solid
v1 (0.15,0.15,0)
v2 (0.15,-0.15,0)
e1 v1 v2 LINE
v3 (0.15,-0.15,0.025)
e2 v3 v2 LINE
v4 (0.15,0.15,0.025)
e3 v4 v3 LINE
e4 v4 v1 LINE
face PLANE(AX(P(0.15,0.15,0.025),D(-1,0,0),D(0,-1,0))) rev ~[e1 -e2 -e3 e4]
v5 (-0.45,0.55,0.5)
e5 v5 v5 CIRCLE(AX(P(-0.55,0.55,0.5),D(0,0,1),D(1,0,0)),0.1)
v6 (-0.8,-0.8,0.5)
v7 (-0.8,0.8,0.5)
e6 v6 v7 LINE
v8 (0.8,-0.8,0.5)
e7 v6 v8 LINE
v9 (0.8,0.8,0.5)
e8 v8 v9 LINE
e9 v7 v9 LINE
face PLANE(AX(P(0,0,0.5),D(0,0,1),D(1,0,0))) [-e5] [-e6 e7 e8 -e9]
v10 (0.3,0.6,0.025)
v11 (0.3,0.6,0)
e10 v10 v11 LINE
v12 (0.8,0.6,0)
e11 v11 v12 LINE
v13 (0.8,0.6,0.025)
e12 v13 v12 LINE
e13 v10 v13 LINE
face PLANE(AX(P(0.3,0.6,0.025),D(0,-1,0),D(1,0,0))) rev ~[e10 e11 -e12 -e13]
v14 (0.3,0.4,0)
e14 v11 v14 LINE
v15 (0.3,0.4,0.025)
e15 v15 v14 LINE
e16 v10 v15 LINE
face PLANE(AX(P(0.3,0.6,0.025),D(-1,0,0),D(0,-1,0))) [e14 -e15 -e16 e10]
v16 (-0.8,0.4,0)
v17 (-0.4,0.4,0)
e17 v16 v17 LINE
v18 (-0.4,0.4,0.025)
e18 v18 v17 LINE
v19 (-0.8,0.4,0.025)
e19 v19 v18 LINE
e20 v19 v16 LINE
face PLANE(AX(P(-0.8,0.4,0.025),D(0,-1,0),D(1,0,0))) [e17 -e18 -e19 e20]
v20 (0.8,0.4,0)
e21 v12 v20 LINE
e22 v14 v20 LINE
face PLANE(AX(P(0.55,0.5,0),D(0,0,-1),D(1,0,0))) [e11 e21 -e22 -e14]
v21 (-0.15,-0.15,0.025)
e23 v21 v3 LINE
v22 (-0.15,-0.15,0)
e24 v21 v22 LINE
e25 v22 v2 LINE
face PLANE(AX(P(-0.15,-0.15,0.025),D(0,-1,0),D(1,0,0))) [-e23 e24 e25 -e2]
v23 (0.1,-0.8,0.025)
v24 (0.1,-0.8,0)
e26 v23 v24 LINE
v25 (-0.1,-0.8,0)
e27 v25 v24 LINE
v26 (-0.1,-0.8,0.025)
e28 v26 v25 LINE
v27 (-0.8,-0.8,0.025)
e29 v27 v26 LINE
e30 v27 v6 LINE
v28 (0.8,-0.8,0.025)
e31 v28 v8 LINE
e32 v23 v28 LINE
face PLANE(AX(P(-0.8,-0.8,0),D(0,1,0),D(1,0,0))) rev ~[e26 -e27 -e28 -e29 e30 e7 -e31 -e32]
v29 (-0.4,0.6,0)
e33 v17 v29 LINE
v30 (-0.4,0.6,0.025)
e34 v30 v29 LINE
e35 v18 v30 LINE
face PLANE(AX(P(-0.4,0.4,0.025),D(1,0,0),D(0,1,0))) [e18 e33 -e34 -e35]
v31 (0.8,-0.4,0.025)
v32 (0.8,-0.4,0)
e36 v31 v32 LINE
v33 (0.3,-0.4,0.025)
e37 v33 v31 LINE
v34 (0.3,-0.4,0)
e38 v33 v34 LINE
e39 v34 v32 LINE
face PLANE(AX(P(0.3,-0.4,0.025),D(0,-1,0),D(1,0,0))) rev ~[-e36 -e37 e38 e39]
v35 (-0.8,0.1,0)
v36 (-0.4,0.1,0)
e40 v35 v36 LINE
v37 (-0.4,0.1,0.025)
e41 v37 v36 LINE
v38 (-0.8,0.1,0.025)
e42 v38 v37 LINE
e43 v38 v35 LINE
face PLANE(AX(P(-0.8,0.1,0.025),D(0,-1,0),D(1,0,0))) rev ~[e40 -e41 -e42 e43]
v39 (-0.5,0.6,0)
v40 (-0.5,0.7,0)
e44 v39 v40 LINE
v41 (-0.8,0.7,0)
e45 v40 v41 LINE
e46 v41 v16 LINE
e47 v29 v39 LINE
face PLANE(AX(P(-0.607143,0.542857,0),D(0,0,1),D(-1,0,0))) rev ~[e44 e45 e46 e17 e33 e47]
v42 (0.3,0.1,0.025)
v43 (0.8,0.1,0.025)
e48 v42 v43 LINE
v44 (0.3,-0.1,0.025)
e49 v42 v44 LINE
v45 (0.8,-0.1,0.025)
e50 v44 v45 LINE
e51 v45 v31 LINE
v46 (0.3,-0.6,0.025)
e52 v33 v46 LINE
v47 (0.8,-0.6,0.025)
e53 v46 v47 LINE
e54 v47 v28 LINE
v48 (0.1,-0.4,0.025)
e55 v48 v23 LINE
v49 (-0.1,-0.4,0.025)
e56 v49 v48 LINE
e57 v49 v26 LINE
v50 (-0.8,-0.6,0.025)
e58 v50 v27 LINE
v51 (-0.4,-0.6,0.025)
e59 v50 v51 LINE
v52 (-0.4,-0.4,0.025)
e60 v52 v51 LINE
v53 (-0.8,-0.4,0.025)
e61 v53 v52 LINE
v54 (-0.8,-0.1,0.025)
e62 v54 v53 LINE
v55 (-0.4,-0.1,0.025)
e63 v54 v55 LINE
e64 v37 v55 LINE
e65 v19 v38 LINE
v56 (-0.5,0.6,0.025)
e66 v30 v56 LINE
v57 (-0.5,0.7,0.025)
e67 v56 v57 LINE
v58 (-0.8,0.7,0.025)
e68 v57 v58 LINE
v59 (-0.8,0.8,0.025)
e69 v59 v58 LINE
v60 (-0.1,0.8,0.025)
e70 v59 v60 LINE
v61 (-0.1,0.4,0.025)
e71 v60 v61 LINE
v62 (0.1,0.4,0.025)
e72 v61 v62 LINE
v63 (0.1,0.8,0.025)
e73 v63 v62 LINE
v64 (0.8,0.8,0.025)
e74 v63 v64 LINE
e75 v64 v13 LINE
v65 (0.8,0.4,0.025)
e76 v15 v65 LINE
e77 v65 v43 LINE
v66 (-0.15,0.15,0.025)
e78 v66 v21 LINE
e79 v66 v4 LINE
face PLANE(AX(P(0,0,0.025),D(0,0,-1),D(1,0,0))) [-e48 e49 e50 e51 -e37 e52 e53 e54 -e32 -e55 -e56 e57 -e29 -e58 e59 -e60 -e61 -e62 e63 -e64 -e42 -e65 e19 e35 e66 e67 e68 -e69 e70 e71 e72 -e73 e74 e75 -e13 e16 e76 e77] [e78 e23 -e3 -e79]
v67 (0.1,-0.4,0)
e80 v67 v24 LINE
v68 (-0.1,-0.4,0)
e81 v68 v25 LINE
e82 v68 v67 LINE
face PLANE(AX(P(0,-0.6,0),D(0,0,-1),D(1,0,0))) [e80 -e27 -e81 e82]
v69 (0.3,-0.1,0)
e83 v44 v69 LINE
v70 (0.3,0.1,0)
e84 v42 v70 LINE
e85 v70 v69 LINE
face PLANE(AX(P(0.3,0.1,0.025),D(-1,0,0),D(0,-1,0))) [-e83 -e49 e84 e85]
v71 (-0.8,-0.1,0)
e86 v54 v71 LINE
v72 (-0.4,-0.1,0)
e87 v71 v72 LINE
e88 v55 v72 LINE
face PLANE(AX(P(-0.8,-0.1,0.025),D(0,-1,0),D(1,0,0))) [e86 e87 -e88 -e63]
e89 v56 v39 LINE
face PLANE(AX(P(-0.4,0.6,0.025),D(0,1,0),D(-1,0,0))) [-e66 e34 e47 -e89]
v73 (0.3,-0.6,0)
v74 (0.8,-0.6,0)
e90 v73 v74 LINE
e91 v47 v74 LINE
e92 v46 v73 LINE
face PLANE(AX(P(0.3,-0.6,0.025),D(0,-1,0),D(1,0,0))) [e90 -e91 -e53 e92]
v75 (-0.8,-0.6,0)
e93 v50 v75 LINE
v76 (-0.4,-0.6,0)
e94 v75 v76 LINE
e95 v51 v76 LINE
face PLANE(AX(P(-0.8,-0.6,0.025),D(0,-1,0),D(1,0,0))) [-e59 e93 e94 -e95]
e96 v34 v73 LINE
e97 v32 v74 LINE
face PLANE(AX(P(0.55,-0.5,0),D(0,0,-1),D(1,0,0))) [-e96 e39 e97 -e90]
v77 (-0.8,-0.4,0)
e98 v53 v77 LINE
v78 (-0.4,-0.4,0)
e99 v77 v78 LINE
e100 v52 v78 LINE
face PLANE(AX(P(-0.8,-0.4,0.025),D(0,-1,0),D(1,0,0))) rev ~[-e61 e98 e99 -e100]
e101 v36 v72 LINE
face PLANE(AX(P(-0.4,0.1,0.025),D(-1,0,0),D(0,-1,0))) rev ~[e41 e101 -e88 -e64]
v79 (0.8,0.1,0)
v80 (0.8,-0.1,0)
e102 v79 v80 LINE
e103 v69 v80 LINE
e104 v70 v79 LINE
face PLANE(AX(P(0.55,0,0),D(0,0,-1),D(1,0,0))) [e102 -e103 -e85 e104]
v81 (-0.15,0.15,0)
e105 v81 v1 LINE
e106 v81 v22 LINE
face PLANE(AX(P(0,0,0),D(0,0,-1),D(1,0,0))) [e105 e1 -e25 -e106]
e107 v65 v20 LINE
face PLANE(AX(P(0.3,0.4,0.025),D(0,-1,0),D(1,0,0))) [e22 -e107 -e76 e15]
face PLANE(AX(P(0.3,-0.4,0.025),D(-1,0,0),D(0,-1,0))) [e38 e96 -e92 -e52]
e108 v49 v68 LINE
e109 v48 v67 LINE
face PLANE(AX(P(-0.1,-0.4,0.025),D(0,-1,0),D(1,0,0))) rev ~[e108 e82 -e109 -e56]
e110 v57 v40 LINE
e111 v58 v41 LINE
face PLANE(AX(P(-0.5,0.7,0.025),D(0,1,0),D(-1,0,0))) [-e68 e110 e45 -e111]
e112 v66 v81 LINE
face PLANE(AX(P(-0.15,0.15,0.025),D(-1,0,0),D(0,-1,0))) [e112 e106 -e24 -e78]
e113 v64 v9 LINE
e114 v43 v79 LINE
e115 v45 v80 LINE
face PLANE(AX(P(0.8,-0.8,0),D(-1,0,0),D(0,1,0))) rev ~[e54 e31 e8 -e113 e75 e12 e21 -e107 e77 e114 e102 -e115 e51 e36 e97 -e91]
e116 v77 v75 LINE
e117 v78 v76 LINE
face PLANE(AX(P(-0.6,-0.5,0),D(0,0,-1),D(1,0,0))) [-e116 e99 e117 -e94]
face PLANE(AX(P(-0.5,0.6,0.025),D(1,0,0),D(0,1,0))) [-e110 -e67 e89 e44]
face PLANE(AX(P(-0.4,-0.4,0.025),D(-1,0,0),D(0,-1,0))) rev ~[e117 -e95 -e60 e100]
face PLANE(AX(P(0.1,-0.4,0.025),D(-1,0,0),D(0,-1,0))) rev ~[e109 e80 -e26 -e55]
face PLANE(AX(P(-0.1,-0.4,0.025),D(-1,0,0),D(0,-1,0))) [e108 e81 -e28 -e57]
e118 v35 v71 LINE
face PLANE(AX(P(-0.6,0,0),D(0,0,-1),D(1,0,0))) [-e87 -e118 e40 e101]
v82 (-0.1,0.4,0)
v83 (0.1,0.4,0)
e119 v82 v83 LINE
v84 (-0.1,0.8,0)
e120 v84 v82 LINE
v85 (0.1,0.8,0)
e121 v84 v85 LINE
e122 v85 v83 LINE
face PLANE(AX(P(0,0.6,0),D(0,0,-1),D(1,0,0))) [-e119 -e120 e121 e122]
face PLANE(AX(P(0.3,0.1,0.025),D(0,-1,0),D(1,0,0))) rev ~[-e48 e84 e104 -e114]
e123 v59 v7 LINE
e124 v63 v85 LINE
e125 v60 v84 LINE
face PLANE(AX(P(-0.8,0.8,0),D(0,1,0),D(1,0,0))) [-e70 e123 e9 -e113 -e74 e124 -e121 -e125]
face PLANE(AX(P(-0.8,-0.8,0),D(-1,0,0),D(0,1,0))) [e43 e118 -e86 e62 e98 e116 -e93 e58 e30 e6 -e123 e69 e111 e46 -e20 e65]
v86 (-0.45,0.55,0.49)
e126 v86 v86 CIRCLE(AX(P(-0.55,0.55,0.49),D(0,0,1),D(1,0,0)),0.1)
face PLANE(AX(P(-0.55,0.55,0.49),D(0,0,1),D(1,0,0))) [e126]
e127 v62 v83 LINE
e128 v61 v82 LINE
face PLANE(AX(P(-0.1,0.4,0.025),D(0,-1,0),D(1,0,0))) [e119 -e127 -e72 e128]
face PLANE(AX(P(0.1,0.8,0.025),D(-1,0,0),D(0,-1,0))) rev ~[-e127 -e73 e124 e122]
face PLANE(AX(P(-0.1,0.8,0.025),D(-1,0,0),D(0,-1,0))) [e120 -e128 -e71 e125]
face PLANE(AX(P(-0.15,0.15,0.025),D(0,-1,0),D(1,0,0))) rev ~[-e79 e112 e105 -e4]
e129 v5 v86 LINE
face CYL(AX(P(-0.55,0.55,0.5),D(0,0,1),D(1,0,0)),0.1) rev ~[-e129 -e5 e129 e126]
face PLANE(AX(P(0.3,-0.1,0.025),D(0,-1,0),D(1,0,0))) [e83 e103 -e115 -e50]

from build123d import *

# Parameters (mm, degrees)
SKETCH_W        = 1.6
SKETCH_H        = 1.6
PAD_DEPTH       = 0.5
SKETCH001_W     = 1.6
SKETCH001_H     = 1.6
POCKET_DEPTH    = 0.025
SKETCH002_W     = 0.4
SKETCH002_H     = 0.2
SKETCH002_W_2   = 0.5
SKETCH002_W_3   = 0.2
SKETCH002_H_2   = 0.4
SKETCH002_W_4   = 0.3
SKETCH002_H_3   = 0.3
PAD001_DEPTH    = 0.025
SKETCH003_R     = 0.1
POCKET001_DEPTH = 0.01


with BuildPart() as part:
    # Sketch → Pad (new body)
    with BuildSketch(Plane.XY):
        Rectangle(SKETCH_W, SKETCH_H)
    extrude(amount=PAD_DEPTH)

    # Sketch001 → Pocket (cut)
    with BuildSketch(Plane(origin=(0, 0, 0), x_dir=(1, 0, 0), z_dir=(0, 0, -1))):
        Rectangle(SKETCH001_W, SKETCH001_H)
    extrude(amount=-POCKET_DEPTH, mode=Mode.SUBTRACT)

    # Sketch002 → Pad001 (new body)
    with BuildSketch(Plane(origin=(0, 0, 0.025), x_dir=(1, 0, 0), z_dir=(0, 0, -1))):
        with Locations((-0.6, 0.5)):
            Rectangle(SKETCH002_W, SKETCH002_H)
        with Locations((-0.6, 0)):
            Rectangle(SKETCH002_W, SKETCH002_H)
        Polygon((-0.8, -0.4), (-0.4, -0.4), (-0.4, -0.6), (-0.5, -0.6), (-0.5, -0.7), (-0.8, -0.7), align=None)
        with Locations((0.55, 0.5)):
            Rectangle(SKETCH002_W_2, SKETCH002_H)
        with Locations((0.55, 0)):
            Rectangle(SKETCH002_W_2, SKETCH002_H)
        with Locations((0.55, -0.5)):
            Rectangle(SKETCH002_W_2, SKETCH002_H)
        with Locations((0, -0.6)):
            Rectangle(SKETCH002_W_3, SKETCH002_H_2)
        with Locations((0, 0.6)):
            Rectangle(SKETCH002_W_3, SKETCH002_H_2)
        Rectangle(SKETCH002_W_4, SKETCH002_H_3)
    extrude(amount=PAD001_DEPTH)

    # Sketch003 → Pocket001 (cut)
    with BuildSketch(Plane.XY.offset(0.5)):
        with Locations((-0.55, 0.55)):
            Circle(SKETCH003_R)
    extrude(amount=-POCKET001_DEPTH, mode=Mode.SUBTRACT)


solid = part.part
